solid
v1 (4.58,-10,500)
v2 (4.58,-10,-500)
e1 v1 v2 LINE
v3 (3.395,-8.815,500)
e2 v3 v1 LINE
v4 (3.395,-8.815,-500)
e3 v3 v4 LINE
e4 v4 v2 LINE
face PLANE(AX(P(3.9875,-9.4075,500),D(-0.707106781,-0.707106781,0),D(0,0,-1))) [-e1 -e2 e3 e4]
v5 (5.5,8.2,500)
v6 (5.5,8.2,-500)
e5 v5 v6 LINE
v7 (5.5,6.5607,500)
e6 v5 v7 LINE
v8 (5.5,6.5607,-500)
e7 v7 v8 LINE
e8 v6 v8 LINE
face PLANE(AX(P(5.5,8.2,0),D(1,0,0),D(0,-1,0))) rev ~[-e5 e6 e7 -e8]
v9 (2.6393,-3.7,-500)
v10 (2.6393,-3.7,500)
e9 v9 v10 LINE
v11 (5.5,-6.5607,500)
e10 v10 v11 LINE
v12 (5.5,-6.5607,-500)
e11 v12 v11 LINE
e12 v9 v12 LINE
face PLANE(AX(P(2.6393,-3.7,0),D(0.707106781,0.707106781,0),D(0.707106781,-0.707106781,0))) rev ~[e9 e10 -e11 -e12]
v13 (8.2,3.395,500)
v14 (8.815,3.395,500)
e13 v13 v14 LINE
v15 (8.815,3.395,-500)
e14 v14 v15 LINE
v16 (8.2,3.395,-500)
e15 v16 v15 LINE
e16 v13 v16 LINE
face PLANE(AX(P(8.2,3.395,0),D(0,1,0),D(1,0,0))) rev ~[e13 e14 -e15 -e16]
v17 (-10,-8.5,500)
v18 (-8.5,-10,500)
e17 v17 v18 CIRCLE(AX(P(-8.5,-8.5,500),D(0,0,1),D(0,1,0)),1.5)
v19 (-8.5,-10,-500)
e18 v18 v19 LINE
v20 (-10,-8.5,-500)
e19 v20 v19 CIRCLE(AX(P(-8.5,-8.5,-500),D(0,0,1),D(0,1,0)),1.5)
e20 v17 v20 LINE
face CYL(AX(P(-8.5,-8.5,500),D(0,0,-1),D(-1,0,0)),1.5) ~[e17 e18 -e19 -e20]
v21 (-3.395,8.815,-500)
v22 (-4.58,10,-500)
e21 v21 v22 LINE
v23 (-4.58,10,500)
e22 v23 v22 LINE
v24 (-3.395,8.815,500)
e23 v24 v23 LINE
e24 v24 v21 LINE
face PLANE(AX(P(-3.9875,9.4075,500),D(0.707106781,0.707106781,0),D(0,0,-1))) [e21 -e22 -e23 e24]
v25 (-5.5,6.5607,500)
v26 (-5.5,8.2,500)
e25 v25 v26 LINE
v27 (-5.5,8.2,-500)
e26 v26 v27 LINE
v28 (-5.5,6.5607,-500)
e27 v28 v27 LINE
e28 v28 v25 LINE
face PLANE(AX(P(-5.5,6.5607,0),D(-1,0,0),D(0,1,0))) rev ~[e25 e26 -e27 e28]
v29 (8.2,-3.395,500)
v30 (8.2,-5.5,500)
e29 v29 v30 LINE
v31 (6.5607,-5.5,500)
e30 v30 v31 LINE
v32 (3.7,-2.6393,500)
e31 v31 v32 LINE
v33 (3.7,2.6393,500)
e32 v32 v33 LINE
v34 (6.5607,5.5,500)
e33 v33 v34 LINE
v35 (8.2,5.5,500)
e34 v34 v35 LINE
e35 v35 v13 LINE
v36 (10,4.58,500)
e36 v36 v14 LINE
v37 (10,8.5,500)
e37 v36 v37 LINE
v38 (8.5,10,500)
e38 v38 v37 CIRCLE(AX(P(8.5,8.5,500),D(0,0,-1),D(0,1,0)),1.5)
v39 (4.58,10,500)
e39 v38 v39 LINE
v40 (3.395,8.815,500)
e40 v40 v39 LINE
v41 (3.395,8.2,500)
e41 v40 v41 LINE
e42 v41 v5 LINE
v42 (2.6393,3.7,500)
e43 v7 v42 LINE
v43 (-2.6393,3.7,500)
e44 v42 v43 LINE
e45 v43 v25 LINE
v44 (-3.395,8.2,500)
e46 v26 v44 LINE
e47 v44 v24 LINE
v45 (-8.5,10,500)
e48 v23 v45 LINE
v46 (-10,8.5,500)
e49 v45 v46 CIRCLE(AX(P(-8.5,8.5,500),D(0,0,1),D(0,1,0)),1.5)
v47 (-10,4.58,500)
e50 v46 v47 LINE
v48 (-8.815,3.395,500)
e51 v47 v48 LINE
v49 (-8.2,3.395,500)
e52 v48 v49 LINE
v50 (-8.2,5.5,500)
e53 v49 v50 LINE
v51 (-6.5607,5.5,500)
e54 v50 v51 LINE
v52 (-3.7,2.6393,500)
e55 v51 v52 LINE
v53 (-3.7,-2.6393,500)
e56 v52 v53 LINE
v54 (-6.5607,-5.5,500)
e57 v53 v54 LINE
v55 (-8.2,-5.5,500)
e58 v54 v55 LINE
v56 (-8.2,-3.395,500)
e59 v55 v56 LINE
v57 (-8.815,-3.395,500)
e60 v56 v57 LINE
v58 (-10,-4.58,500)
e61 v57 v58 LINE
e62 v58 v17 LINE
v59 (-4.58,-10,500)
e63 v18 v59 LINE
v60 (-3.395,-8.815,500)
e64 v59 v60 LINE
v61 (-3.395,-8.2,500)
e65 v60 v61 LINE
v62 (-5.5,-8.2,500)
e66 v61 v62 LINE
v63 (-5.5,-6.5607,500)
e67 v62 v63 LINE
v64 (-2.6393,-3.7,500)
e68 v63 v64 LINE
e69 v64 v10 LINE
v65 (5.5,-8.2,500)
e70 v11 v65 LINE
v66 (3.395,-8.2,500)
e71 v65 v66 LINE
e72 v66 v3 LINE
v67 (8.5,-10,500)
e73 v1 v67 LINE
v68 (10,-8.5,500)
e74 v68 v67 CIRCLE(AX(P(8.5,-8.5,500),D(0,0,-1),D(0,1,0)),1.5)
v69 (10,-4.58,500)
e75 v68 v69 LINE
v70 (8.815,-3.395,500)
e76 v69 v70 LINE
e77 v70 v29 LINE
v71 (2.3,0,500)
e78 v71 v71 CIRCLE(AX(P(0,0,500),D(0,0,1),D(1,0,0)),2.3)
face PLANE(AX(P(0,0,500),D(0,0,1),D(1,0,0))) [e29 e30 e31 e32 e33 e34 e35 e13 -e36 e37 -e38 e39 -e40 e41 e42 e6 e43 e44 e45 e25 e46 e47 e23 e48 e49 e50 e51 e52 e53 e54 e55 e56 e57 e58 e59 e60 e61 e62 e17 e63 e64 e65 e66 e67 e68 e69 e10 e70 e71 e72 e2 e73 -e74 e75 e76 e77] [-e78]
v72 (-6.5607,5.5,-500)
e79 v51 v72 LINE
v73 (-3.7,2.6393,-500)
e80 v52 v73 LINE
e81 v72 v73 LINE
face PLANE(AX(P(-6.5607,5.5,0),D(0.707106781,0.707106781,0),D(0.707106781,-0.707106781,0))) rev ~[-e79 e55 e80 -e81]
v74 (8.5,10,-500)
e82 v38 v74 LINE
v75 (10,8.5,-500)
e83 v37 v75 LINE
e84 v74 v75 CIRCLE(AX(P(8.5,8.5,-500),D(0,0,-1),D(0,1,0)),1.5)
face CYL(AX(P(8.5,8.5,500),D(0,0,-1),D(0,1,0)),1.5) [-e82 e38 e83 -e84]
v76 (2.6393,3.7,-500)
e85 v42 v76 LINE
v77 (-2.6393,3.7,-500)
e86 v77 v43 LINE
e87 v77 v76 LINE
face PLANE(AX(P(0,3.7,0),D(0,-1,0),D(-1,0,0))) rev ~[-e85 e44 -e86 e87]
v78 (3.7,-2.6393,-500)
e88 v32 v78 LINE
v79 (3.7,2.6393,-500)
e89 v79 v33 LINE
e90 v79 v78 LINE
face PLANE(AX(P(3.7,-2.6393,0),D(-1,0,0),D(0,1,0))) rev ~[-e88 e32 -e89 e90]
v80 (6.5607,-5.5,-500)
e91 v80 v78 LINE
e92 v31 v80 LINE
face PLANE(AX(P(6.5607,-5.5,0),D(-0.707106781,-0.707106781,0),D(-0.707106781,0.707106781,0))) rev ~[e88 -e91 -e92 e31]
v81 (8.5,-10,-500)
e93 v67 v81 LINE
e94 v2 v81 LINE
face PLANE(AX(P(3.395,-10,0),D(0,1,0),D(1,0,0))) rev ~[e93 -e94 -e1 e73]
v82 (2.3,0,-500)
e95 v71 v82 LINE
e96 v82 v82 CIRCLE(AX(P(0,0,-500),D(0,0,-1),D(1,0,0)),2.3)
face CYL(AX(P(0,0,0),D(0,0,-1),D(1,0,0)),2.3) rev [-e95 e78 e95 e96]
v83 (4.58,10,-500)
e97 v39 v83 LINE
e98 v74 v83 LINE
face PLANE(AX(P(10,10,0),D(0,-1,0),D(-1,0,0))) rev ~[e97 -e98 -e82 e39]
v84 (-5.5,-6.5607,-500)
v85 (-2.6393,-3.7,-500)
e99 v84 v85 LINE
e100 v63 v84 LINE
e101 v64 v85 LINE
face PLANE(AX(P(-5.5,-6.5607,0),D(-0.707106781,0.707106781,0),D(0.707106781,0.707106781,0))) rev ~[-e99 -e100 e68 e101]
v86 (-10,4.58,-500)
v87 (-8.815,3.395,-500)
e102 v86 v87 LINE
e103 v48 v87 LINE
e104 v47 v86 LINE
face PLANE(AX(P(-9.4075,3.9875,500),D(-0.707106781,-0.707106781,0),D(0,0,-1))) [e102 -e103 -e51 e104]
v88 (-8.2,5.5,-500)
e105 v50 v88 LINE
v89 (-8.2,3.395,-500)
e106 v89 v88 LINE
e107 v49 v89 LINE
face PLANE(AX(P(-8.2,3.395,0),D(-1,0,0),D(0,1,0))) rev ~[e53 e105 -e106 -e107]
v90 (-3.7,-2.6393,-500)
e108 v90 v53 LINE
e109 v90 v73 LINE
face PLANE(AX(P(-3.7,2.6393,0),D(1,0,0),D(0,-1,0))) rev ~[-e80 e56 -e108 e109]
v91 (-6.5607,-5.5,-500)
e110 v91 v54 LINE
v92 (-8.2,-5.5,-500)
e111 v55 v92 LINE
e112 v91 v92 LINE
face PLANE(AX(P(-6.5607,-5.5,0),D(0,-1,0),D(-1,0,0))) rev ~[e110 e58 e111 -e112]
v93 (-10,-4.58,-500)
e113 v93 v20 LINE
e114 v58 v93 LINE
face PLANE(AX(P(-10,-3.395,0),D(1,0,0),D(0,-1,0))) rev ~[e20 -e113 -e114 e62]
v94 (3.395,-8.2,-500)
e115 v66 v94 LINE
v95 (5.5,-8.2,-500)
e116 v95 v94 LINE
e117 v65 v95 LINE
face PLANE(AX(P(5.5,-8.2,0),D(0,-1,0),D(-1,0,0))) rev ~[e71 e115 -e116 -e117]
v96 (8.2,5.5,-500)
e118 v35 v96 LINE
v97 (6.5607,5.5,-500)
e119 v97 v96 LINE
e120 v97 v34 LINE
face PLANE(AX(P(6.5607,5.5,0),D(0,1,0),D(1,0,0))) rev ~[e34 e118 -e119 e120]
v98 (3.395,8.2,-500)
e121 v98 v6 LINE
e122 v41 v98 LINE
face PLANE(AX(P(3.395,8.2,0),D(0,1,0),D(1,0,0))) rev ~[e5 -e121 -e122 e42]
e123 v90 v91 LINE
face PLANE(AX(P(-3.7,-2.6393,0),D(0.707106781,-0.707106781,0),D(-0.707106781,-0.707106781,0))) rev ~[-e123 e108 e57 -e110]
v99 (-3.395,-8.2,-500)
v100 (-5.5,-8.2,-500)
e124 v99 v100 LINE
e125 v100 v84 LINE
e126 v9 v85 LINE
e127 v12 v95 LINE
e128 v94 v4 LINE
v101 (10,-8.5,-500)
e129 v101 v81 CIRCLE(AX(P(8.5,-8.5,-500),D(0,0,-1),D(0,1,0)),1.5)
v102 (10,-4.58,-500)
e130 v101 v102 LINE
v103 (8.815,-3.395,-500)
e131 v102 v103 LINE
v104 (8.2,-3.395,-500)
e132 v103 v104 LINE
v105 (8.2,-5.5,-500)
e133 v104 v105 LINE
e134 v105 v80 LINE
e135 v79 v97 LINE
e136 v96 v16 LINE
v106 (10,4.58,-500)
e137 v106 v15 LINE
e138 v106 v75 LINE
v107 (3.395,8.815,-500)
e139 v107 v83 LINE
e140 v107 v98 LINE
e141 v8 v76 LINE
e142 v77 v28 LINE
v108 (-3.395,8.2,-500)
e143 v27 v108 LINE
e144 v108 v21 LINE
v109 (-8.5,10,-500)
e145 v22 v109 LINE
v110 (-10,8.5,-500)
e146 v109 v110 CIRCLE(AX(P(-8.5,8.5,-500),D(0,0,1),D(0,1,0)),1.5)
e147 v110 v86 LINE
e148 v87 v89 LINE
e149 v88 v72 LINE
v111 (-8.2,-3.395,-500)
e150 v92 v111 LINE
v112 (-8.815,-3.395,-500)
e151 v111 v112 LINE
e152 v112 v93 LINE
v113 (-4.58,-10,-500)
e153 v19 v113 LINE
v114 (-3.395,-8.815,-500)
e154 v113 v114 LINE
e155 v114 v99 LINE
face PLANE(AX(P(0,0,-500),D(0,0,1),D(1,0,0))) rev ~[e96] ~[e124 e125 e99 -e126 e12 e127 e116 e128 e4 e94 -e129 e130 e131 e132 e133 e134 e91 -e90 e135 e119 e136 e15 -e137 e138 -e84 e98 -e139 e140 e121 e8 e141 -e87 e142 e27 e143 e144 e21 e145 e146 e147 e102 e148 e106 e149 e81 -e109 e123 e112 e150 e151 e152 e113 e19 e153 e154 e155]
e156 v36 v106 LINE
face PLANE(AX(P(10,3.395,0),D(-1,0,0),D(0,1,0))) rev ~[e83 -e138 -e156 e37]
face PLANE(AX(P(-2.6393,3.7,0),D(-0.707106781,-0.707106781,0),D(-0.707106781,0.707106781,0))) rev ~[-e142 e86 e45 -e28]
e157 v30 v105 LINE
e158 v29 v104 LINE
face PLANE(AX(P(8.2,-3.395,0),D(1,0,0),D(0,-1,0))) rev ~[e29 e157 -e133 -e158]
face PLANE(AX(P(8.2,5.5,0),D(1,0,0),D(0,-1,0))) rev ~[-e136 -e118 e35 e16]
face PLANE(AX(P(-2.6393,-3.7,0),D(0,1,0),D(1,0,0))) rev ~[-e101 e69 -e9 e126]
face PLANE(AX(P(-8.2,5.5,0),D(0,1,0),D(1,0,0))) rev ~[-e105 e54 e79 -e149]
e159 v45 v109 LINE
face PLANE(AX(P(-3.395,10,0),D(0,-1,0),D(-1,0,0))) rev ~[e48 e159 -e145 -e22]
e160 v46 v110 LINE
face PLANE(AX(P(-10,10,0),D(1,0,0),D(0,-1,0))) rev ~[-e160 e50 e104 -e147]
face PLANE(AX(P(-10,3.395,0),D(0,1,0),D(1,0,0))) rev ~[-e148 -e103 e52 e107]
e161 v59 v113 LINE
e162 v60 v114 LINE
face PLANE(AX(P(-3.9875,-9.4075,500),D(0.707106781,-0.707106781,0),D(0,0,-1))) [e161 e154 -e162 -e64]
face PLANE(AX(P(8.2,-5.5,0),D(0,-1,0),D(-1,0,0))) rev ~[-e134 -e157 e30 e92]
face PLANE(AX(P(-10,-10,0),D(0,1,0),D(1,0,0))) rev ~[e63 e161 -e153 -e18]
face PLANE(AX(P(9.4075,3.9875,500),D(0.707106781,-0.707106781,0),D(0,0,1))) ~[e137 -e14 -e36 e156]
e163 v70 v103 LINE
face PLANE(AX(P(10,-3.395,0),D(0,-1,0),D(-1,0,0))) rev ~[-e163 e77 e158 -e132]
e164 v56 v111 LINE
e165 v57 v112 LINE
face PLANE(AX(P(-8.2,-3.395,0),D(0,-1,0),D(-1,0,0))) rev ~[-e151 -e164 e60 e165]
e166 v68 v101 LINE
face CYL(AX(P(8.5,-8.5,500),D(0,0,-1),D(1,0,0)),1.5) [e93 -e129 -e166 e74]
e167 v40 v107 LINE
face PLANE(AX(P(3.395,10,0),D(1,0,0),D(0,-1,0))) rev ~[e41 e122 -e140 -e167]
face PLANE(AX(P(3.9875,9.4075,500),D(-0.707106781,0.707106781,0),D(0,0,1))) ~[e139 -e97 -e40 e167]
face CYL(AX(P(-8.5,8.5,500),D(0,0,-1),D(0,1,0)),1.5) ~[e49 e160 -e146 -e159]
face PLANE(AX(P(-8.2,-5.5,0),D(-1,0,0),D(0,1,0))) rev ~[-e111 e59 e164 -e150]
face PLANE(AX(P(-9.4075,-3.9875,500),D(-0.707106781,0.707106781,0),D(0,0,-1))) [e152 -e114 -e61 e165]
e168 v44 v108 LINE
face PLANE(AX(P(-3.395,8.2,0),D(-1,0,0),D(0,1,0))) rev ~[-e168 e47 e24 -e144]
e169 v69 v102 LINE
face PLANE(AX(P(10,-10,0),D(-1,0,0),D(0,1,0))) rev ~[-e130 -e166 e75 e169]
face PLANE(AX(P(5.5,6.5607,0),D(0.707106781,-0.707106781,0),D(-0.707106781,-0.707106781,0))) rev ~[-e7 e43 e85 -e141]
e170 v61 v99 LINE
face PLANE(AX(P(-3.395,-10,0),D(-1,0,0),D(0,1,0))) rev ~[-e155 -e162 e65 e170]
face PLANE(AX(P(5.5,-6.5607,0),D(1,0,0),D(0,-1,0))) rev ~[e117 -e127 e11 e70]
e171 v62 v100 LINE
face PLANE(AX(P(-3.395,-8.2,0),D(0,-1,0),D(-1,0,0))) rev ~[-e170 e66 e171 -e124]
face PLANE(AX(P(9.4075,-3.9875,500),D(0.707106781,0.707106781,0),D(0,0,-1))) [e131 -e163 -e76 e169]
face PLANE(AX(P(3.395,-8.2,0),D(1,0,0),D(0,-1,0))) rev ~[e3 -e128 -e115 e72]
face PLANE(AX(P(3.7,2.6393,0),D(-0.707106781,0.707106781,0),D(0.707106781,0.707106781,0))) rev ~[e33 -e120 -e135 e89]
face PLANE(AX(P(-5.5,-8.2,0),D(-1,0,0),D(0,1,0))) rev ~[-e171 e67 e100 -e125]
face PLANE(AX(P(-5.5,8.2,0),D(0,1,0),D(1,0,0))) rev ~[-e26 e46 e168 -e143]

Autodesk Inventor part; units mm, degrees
ref_plane "YZ Plane" through (0, 0, 0) normal (1, 0, 0) x (0, 1, 0)
ref_plane "XZ Plane" through (0, 0, 0) normal (0, 1, 0) x (-1, 0, 0)
ref_plane "XY Plane" through (0, 0, 0) normal (0, 0, 1) x (1, 0, 0)
sketch "Sketch1" plane through (0, 0, 0) normal (0, 0, 1) x (1, 0, 0)
  line L0 (0, 3.7) -> (-2.6393, 3.7)
  line L1 (-2.6393, 3.7) -> (-5.5, 6.5607)
  line L2 (-5.5, 6.5607) -> (-5.5, 8.2)
  line L3 (-5.5, 8.2) -> (-3.395, 8.2)
  line L4 (-3.395, 8.2) -> (-3.395, 10)
  line L5 (-3.395, 10) -> (-10, 10)
  line L6 (-10, 10) -> (-10, 3.395)
  line L7 (-10, 3.395) -> (-8.2, 3.395)
  line L8 (-8.2, 3.395) -> (-8.2, 5.5)
  line L9 (-8.2, 5.5) -> (-6.5607, 5.5)
  line L10 (-6.5607, 5.5) -> (-3.7, 2.6393)
  line L11 (-3.7, 2.6393) -> (-3.7, 0)
  line L12 (0, 0) -> (-10, 10) construction
  circle A0 centre (0, 0) radius 2.3
  line L13 (-22.6601, 0) -> (65.9605, 0) projected
  line L14 (-3.7, 0) -> (0, 0)
  line L15 (0, 0) -> (0, 3.7)
  line L16 (11.2521, 18.9743) -> (53.3004, 18.9743) construction
  line L17 (53.3004, 18.9743) -> (53.3004, -5.624) construction
  line L18 (53.3004, -5.624) -> (11.2521, -5.624) construction
  line L19 (11.2521, -5.624) -> (11.2521, 18.9743) construction
  point P0 (-2.3, 0)
  point P1 (0, 2.3)
  dimension "d0" = 1.5
  dimension "d6" = 6.3
  dimension "d9" = 4.6
  dimension "d18" = 135
  dimension "d22" = 20
  dimension "d34" = 11
  dimension "d35" = 6.79
  dimension "d36" = 1.8
extrude "Extrusion1" add sketch "Sketch1" along normal mid plane 1000 contours L15 A0 L13 L11 L10 L9 L8 L7 L6 L5 L4 L3 L2 L1 L0
pattern_circular "Circular Pattern1" count 4 over 360 about axis through (0, 0, -10) along (0, 0, 1) of "Extrusion1"
chamfer "Chamfer1" distance 1.185 angle 45 8 edges at (-3.395, 10, 0) (3.395, 10, 0) (10, 3.395, 0) (10, -3.395, 0) (3.395, -10, 0) (-3.395, -10, 0) (-10, -3.395, 0) (-10, 3.395, 0)
fillet "Fillet1" radius 1.5 4 edges at (-10, 10, 0) (10, 10, 0) (-10, -10, 0) (10, -10, 0)
properties part number "2020aluminum_extrusion_silver" material "Aluminum 6061"
